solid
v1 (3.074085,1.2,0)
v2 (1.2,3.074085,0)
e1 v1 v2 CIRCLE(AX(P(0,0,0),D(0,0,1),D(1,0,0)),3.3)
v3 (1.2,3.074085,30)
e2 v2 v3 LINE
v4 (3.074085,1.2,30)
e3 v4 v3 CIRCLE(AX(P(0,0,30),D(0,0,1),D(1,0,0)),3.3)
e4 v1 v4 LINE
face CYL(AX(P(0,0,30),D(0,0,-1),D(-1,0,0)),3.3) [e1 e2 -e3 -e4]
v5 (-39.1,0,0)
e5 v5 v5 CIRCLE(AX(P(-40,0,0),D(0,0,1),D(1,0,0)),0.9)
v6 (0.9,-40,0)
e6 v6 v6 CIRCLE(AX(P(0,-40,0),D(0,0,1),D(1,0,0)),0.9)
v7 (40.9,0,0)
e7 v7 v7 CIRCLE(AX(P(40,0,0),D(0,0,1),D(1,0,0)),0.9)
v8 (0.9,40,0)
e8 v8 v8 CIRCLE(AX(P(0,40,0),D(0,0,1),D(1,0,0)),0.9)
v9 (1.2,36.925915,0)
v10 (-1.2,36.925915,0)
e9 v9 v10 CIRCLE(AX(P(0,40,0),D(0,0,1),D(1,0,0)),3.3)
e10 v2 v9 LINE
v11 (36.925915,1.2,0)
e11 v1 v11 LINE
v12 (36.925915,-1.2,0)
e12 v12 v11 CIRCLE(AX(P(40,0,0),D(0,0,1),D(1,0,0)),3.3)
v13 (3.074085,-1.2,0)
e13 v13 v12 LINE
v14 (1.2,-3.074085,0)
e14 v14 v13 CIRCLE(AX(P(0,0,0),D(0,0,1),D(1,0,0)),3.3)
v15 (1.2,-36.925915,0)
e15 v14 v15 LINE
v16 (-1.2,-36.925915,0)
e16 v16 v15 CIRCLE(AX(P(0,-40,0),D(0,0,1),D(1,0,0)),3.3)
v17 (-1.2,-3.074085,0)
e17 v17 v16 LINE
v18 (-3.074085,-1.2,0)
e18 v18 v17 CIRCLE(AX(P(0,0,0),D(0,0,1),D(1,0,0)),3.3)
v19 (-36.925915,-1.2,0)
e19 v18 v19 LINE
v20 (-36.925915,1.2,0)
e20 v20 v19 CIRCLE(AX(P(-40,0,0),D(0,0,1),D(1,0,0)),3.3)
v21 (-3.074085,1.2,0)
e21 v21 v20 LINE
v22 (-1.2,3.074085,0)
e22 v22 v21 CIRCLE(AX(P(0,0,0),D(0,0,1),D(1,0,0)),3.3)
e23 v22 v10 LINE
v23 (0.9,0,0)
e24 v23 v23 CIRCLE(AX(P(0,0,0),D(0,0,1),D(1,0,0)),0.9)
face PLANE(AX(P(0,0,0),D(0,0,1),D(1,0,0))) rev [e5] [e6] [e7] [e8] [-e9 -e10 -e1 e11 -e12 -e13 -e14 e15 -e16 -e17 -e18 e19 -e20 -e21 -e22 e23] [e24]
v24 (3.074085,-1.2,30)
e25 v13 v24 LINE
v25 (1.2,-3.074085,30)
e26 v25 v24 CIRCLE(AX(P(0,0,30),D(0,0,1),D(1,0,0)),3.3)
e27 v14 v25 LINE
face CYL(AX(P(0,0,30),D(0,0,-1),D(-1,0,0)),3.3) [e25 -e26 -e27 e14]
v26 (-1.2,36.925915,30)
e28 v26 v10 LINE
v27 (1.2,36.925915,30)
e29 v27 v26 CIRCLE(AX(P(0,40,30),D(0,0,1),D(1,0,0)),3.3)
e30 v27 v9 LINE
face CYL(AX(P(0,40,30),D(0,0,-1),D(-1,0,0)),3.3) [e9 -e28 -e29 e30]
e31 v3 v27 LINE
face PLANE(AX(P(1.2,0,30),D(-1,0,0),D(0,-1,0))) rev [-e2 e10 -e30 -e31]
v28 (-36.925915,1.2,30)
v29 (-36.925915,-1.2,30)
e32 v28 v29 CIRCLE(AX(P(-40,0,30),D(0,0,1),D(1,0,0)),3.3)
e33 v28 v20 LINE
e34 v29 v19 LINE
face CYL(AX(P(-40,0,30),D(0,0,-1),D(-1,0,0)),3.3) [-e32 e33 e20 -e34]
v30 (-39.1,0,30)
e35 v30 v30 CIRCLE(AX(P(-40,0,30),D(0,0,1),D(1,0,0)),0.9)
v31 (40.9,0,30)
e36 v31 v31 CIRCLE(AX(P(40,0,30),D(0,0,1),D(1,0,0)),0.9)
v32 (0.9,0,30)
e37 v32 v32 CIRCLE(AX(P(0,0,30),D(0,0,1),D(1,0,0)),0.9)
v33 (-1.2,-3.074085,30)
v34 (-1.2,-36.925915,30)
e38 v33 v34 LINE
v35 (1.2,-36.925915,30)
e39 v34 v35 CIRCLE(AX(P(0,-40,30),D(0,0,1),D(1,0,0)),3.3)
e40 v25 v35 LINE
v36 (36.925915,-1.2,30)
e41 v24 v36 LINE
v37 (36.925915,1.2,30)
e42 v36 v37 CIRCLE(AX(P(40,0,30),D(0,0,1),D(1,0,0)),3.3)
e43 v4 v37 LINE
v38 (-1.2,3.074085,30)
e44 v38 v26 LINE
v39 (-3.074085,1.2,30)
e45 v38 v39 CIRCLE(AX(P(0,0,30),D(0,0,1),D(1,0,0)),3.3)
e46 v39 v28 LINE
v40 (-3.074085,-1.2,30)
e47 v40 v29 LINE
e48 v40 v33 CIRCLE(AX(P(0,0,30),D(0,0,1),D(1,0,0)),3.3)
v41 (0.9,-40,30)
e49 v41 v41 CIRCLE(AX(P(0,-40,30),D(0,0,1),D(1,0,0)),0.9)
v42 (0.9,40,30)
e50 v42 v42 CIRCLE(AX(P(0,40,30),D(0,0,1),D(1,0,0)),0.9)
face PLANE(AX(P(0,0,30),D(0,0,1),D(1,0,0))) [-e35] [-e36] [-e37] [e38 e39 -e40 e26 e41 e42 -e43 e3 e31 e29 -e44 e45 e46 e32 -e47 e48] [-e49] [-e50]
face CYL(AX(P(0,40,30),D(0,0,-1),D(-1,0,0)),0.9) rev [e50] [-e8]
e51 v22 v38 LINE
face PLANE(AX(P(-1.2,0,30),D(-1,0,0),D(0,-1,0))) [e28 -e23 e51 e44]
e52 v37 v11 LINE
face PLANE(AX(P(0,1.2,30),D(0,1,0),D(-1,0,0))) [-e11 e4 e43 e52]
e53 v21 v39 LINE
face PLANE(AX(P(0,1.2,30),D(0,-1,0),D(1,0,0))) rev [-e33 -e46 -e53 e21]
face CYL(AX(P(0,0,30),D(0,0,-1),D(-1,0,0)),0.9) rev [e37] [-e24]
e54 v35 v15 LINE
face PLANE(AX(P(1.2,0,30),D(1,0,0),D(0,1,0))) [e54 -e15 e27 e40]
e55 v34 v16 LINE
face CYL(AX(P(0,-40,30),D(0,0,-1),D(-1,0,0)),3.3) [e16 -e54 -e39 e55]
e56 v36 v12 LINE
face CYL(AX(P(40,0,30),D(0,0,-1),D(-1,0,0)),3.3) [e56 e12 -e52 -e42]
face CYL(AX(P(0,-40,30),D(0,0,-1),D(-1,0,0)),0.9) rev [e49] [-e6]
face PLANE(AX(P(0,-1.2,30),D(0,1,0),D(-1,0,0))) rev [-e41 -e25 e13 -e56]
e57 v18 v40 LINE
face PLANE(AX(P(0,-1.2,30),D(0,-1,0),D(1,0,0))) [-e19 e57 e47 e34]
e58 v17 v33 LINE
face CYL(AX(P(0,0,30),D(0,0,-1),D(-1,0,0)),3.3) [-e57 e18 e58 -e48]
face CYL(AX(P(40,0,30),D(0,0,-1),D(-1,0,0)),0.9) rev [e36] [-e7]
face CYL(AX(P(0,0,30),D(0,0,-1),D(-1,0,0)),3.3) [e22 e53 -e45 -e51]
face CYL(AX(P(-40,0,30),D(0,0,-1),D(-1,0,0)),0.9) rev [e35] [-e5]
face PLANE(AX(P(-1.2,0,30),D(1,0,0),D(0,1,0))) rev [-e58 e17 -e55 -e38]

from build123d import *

# Parameters (mm, degrees)
BOSS_EXTRUDE1_DEPTH = 30
SKETCH1_3_R         = 0.9
CUT_EXTRUDE1_DEPTH  = 30


with BuildPart() as part:
    # Sketch1 → Boss-Extrude1 (new body)
    with BuildSketch(Plane.XY):
        with BuildLine():
            Line((-1.2, -1.2), (-1.2, 0))
            Line((-1.2, 0), (-1.2, 1.2))
            Line((-1.2, 1.2), (-3.07408523, 1.2))
            ThreePointArc((-3.07408523, 1.2), (-3.3, 0), (-3.07408523, -1.2))
            Line((-3.07408523, -1.2), (-1.2, -1.2))
        make_face()
        with BuildLine():
            ThreePointArc((0, -1.2), (-0.848528137, -0.848528137), (-1.2, 0))
            Line((-1.2, 0), (-1.2, -1.2))
            Line((-1.2, -1.2), (0, -1.2))
        make_face()
        with BuildLine():
            ThreePointArc((0, 1.2), (-0.848528137, 0.848528137), (-1.2, 0))
            ThreePointArc((-1.2, 0), (-0.848528137, -0.848528137), (0, -1.2))
            ThreePointArc((0, -1.2), (0.848528137, -0.848528137), (1.2, 0))
            ThreePointArc((1.2, 0), (0.848528137, 0.848528137), (0, 1.2))
        make_face()
        with BuildLine():
            Line((-1.2, 1.2), (-1.2, 0))
            ThreePointArc((-1.2, 0), (-0.848528137, 0.848528137), (0, 1.2))
            Line((0, 1.2), (-1.2, 1.2))
        make_face()
        with BuildLine():
            Line((-3.07408523, 1.2), (-1.2, 1.2))
            Line((-1.2, 1.2), (-1.2, 3.07408523))
            ThreePointArc((-1.2, 3.07408523), (-2.333452378, 2.333452378), (-3.07408523, 1.2))
        make_face()
        with BuildLine():
            Line((-1.2, 3.07408523), (-1.2, 1.2))
            Line((-1.2, 1.2), (0, 1.2))
            Line((0, 1.2), (1.2, 1.2))
            Line((1.2, 1.2), (1.2, 3.07408523))
            ThreePointArc((1.2, 3.07408523), (0, 3.3), (-1.2, 3.07408523))
        make_face()
        with BuildLine():
            Line((0, -1.2), (-1.2, -1.2))
            Line((-1.2, -1.2), (-1.2, -3.07408523))
            ThreePointArc((-1.2, -3.07408523), (0, -3.3), (1.2, -3.07408523))
            Line((1.2, -3.07408523), (1.2, -1.2))
            Line((1.2, -1.2), (0, -1.2))
        make_face()
        with BuildLine():
            Line((-1.2, -3.07408523), (-1.2, -1.2))
            Line((-1.2, -1.2), (-3.07408523, -1.2))
            ThreePointArc((-3.07408523, -1.2), (-2.333452378, -2.333452378), (-1.2, -3.07408523))
        make_face()
        with BuildLine():
            ThreePointArc((1.2, 0), (0.848528137, -0.848528137), (0, -1.2))
            Line((0, -1.2), (1.2, -1.2))
            Line((1.2, -1.2), (1.2, 0))
        make_face()
        with BuildLine():
            Line((1.2, 1.2), (0, 1.2))
            ThreePointArc((0, 1.2), (0.848528137, 0.848528137), (1.2, 0))
            Line((1.2, 0), (1.2, 1.2))
        make_face()
        with BuildLine():
            Line((-1.2, 36.92591477), (-1.2, 3.07408523))
            ThreePointArc((-1.2, 3.07408523), (0, 3.3), (1.2, 3.07408523))
            Line((1.2, 3.07408523), (1.2, 36.92591477))
            ThreePointArc((1.2, 36.92591477), (0, 36.7), (-1.2, 36.92591477))
        make_face()
        with BuildLine():
            ThreePointArc((-3.07408523, -1.2), (-3.3, 0), (-3.07408523, 1.2))
            Line((-3.07408523, 1.2), (-36.92591477, 1.2))
            ThreePointArc((-36.92591477, 1.2), (-36.756970455, 0.610540229), (-36.7, 0))
            ThreePointArc((-36.7, 0), (-36.756970455, -0.610540229), (-36.92591477, -1.2))
            Line((-36.92591477, -1.2), (-3.07408523, -1.2))
        make_face()
        with BuildLine():
            ThreePointArc((1.2, -3.07408523), (0, -3.3), (-1.2, -3.07408523))
            Line((-1.2, -3.07408523), (-1.2, -36.92591477))
            ThreePointArc((-1.2, -36.92591477), (0, -36.7), (1.2, -36.92591477))
            Line((1.2, -36.92591477), (1.2, -3.07408523))
        make_face()
        with BuildLine():
            Line((1.2, 0), (1.2, -1.2))
            Line((1.2, -1.2), (3.07408523, -1.2))
            ThreePointArc((3.07408523, -1.2), (3.243029545, -0.610540229), (3.3, 0))
            ThreePointArc((3.3, 0), (3.243029545, 0.610540229), (3.07408523, 1.2))
            Line((3.07408523, 1.2), (1.2, 1.2))
            Line((1.2, 1.2), (1.2, 0))
        make_face()
        with BuildLine():
            Line((3.07408523, -1.2), (1.2, -1.2))
            Line((1.2, -1.2), (1.2, -3.07408523))
            ThreePointArc((1.2, -3.07408523), (2.333452378, -2.333452378), (3.07408523, -1.2))
        make_face()
        with BuildLine():
            Line((1.2, 3.07408523), (1.2, 1.2))
            Line((1.2, 1.2), (3.07408523, 1.2))
            ThreePointArc((3.07408523, 1.2), (2.333452378, 2.333452378), (1.2, 3.07408523))
        make_face()
        with BuildLine():
            ThreePointArc((3.3, 40), (-1.861451047, 42.724885319), (-1.2, 36.92591477))
            Line((-1.2, 36.92591477), (-1.2, 40))
            ThreePointArc((-1.2, 40), (0, 41.2), (1.2, 40))
            Line((1.2, 40), (1.2, 36.92591477))
            ThreePointArc((1.2, 36.92591477), (2.724885319, 38.138548953), (3.3, 40))
        make_face()
        with BuildLine():
            Line((-1.2, 40), (-1.2, 36.92591477))
            ThreePointArc((-1.2, 36.92591477), (0, 36.7), (1.2, 36.92591477))
            Line((1.2, 36.92591477), (1.2, 40))
            ThreePointArc((1.2, 40), (0, 41.2), (-1.2, 40))
        make_face()
        with BuildLine():
            ThreePointArc((-36.7, 0), (-36.756970455, 0.610540229), (-36.92591477, 1.2))
            Line((-36.92591477, 1.2), (-40, 1.2))
            ThreePointArc((-40, 1.2), (-41.2, 0), (-40, -1.2))
            Line((-40, -1.2), (-36.92591477, -1.2))
            ThreePointArc((-36.92591477, -1.2), (-36.756970455, -0.610540229), (-36.7, 0))
        make_face()
        with BuildLine():
            Line((-40, 1.2), (-36.92591477, 1.2))
            ThreePointArc((-36.92591477, 1.2), (-43.3, 0), (-36.92591477, -1.2))
            Line((-36.92591477, -1.2), (-40, -1.2))
            ThreePointArc((-40, -1.2), (-41.2, 0), (-40, 1.2))
        make_face()
        with BuildLine():
            ThreePointArc((1.2, -36.92591477), (0, -36.7), (-1.2, -36.92591477))
            Line((-1.2, -36.92591477), (-1.2, -40))
            ThreePointArc((-1.2, -40), (0, -41.2), (1.2, -40))
            Line((1.2, -40), (1.2, -36.92591477))
        make_face()
        with BuildLine():
            Line((-1.2, -40), (-1.2, -36.92591477))
            ThreePointArc((-1.2, -36.92591477), (-1.861451047, -42.724885319), (3.3, -40))
            ThreePointArc((3.3, -40), (2.724885319, -38.138548953), (1.2, -36.92591477))
            Line((1.2, -36.92591477), (1.2, -40))
            ThreePointArc((1.2, -40), (0, -41.2), (-1.2, -40))
        make_face()
        with BuildLine():
            ThreePointArc((3.3, 0), (3.243029545, -0.610540229), (3.07408523, -1.2))
            Line((3.07408523, -1.2), (36.92591477, -1.2))
            ThreePointArc((36.92591477, -1.2), (36.7, 0), (36.92591477, 1.2))
            Line((36.92591477, 1.2), (3.07408523, 1.2))
            ThreePointArc((3.07408523, 1.2), (3.243029545, 0.610540229), (3.3, 0))
        make_face()
        with BuildLine():
            ThreePointArc((36.92591477, 1.2), (36.7, 0), (36.92591477, -1.2))
            Line((36.92591477, -1.2), (40, -1.2))
            ThreePointArc((40, -1.2), (41.2, 0), (40, 1.2))
            Line((40, 1.2), (36.92591477, 1.2))
        make_face()
        with BuildLine():
            Line((40, -1.2), (36.92591477, -1.2))
            ThreePointArc((36.92591477, -1.2), (40.610540229, -3.243029545), (43.3, 0))
            ThreePointArc((43.3, 0), (40.610540229, 3.243029545), (36.92591477, 1.2))
            Line((36.92591477, 1.2), (40, 1.2))
            ThreePointArc((40, 1.2), (41.2, 0), (40, -1.2))
        make_face()
    extrude(amount=BOSS_EXTRUDE1_DEPTH)

    # Sketch1<3> → Cut-Extrude1 (cut)
    with BuildSketch(Plane.XY):
        Circle(SKETCH1_3_R)
        with Locations((0, 40)):
            Circle(SKETCH1_3_R)
        with Locations((40, 0)):
            Circle(SKETCH1_3_R)
        with Locations((0, -40)):
            Circle(SKETCH1_3_R)
        with Locations((-40, 0)):
            Circle(SKETCH1_3_R)
    extrude(amount=CUT_EXTRUDE1_DEPTH, mode=Mode.SUBTRACT)


solid = part.part
